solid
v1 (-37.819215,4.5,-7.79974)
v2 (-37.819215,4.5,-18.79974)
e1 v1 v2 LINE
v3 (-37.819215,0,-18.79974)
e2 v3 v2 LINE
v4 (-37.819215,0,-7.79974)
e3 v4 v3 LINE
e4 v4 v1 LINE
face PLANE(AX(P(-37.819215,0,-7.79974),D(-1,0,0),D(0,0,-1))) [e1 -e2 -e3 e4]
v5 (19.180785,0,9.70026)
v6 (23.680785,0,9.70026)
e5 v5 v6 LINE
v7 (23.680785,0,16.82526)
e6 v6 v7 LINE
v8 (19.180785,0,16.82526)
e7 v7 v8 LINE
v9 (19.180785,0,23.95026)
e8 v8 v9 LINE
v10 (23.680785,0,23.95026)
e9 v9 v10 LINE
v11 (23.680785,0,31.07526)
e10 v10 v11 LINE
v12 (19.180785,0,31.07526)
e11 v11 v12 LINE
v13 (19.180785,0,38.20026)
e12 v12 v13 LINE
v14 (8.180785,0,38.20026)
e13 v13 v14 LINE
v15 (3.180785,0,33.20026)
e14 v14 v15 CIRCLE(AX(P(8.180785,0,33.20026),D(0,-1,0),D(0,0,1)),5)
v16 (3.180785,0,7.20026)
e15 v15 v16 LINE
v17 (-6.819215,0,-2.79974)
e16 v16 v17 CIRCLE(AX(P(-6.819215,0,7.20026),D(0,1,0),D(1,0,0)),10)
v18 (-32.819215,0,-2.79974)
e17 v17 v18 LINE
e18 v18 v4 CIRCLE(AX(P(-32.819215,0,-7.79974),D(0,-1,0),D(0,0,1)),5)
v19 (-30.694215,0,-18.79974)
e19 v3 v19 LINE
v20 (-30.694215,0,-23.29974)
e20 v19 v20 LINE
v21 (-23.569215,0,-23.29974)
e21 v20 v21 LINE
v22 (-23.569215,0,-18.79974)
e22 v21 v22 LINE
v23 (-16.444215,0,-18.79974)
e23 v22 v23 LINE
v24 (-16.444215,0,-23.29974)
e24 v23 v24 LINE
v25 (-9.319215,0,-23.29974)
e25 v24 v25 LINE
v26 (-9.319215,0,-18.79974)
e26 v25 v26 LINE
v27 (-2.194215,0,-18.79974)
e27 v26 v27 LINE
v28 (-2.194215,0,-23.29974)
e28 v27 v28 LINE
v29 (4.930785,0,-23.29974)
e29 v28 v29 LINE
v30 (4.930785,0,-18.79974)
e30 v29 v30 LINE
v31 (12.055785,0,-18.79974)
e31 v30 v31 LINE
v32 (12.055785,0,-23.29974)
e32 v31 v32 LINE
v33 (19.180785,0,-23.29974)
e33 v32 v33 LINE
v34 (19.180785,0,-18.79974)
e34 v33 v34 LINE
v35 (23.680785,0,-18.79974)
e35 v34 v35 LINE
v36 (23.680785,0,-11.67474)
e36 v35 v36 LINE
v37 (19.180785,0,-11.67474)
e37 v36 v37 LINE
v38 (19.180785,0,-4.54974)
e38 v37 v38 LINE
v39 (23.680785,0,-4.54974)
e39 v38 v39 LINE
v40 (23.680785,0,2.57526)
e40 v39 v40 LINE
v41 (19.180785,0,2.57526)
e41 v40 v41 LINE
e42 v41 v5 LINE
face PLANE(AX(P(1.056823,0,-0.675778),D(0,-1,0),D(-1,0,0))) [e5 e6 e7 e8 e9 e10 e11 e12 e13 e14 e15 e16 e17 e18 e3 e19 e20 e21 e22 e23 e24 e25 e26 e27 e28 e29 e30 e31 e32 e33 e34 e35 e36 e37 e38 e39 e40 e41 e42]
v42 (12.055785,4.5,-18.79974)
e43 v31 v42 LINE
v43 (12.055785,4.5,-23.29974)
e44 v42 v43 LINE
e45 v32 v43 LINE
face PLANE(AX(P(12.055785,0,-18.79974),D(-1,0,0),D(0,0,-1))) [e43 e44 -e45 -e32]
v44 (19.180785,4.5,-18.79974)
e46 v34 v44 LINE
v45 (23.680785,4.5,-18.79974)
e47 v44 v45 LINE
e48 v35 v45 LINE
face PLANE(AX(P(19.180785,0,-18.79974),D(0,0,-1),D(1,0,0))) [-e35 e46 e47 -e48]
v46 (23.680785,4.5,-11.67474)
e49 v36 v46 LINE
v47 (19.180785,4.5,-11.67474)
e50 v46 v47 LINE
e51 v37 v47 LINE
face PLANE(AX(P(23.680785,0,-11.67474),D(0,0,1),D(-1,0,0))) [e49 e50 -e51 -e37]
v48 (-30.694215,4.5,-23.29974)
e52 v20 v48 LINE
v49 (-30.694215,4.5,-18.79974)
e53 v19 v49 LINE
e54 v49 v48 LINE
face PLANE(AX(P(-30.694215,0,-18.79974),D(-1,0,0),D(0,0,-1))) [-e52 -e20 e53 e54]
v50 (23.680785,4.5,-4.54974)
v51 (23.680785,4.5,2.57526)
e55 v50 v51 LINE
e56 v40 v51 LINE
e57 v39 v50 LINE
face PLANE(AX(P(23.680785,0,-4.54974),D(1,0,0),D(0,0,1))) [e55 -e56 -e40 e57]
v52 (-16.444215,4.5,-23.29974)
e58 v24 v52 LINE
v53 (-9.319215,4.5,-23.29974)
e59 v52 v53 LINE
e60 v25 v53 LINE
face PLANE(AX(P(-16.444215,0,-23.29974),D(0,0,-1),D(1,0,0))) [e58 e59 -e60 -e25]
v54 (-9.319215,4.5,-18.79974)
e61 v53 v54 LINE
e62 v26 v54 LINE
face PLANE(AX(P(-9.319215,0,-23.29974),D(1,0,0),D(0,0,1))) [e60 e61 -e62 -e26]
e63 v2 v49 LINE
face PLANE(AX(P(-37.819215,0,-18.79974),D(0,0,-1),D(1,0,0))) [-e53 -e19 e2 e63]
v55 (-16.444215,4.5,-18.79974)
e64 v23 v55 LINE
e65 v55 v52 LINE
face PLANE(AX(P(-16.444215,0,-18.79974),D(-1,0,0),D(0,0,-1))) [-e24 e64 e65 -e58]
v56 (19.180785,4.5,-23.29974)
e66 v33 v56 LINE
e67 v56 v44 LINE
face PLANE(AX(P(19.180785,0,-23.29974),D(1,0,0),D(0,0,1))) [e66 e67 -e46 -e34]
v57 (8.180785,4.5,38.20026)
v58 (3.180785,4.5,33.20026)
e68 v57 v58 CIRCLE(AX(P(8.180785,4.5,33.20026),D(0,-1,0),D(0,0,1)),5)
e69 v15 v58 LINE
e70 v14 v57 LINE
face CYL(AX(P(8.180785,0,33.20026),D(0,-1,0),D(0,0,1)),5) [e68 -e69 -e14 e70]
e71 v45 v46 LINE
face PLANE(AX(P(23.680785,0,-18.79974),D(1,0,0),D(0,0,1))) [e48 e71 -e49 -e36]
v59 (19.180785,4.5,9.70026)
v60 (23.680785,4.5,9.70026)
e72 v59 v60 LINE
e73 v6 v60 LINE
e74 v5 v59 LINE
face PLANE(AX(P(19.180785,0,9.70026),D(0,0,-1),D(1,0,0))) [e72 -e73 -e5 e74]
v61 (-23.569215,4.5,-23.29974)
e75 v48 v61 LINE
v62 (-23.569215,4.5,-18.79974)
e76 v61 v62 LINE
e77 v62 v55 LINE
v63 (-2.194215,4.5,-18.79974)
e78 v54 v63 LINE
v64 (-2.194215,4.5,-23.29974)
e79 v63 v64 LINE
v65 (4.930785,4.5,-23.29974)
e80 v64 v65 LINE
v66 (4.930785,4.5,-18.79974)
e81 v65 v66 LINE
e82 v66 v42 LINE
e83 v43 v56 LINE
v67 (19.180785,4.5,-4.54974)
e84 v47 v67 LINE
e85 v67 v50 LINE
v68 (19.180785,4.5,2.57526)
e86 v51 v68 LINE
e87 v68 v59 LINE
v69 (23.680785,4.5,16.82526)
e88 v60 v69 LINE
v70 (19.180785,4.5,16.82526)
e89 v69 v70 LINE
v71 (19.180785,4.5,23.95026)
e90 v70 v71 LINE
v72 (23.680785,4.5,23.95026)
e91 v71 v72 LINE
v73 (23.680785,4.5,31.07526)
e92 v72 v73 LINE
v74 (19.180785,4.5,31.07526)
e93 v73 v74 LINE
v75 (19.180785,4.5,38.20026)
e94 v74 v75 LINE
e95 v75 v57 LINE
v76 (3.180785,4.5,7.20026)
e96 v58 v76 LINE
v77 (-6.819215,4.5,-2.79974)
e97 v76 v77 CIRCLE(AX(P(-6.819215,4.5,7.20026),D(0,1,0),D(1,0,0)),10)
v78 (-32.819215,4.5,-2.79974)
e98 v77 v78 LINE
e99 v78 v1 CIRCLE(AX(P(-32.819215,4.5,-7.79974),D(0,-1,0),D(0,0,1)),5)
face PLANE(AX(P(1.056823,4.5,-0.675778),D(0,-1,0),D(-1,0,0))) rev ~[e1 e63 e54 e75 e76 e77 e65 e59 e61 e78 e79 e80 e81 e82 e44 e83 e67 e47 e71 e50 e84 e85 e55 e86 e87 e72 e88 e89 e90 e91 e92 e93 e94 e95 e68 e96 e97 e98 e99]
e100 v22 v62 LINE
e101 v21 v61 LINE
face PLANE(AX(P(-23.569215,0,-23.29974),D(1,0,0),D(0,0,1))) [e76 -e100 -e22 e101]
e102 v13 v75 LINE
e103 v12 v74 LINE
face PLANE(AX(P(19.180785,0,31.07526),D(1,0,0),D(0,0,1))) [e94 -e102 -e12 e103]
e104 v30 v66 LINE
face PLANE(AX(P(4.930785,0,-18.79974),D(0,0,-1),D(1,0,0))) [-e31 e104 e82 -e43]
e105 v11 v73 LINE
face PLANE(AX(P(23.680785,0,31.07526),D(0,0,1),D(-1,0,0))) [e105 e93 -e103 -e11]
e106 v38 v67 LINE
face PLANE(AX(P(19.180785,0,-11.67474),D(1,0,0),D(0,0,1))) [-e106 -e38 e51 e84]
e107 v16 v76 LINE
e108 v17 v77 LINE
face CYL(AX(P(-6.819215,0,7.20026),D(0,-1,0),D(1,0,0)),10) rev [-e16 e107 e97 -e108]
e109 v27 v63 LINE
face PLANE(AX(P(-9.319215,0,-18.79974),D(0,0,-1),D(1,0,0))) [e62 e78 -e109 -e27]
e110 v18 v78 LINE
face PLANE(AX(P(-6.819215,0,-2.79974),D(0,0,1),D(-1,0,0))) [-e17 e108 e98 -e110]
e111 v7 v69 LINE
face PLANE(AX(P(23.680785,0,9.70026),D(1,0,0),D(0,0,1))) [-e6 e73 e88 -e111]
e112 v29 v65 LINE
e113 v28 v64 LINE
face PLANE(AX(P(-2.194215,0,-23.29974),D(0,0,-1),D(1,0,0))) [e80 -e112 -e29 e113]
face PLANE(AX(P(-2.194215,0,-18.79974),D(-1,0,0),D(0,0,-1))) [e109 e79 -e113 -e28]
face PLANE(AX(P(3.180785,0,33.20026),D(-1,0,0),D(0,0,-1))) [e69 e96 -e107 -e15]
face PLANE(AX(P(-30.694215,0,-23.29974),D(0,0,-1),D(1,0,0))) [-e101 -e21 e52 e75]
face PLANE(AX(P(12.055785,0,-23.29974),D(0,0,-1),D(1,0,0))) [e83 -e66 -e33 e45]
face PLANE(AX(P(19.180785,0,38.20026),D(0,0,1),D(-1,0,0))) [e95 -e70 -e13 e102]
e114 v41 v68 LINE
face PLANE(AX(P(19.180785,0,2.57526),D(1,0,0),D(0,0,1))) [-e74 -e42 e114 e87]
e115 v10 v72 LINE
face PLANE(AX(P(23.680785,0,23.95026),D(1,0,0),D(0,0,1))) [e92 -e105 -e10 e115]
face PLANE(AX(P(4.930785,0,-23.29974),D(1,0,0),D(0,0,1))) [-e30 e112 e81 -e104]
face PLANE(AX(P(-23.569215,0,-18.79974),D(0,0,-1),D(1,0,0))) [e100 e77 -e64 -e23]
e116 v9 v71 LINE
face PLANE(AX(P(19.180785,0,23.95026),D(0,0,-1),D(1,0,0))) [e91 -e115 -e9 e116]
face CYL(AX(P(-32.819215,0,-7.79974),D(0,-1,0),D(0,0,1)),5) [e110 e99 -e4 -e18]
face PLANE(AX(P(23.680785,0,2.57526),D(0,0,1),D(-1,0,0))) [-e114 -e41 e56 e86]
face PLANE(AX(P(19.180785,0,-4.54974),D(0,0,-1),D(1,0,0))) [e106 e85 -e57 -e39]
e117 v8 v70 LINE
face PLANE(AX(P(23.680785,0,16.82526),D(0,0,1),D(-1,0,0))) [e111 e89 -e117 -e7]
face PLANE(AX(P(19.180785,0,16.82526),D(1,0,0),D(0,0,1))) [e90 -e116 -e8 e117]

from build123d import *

# Parameters (mm, degrees)
EXTRUDE_1_DEPTH = 4.5


with BuildPart() as part:
    # 草图1 → 凸台-拉伸1 (new body)
    with BuildSketch(Plane(origin=(0, 0, 0), x_dir=(1, 0, 0), z_dir=(0, 1, 0))):
        with BuildLine():
            Line((23.680785271, 18.799740126), (23.680785271, 11.674740126))
            Line((23.680785271, 11.674740126), (19.180785271, 11.674740126))
            Line((19.180785271, 11.674740126), (19.180785271, 4.549740126))
            Line((19.180785271, 4.549740126), (23.680785271, 4.549740126))
            Line((23.680785271, 4.549740126), (23.680785271, -2.575259874))
            Line((23.680785271, -2.575259874), (19.180785271, -2.575259874))
            Line((19.180785271, -2.575259874), (19.180785271, -9.700259874))
            Line((19.180785271, -9.700259874), (23.680785271, -9.700259874))
            Line((23.680785271, -9.700259874), (23.680785271, -16.825259874))
            Line((23.680785271, -16.825259874), (19.180785271, -16.825259874))
            Line((19.180785271, -16.825259874), (19.180785271, -23.950259874))
            Line((19.180785271, -23.950259874), (23.680785271, -23.950259874))
            Line((23.680785271, -23.950259874), (23.680785271, -31.075259874))
            Line((23.680785271, -31.075259874), (19.180785271, -31.075259874))
            Line((19.180785271, -31.075259874), (19.180785271, -38.200259874))
            Line((19.180785271, -38.200259874), (8.180785271, -38.200259874))
            ThreePointArc((8.180785271, -38.200259874), (4.645251365, -36.73579378), (3.180785271, -33.200259874))
            Line((3.180785271, -33.200259874), (3.180785271, -7.200259874))
            ThreePointArc((3.180785271, -7.200259874), (0.251853083, -0.129192062), (-6.819214729, 2.799740126))
            Line((-6.819214729, 2.799740126), (-32.819214729, 2.799740126))
            ThreePointArc((-32.819214729, 2.799740126), (-36.354748635, 4.26420622), (-37.819214729, 7.799740126))
            Line((-37.819214729, 7.799740126), (-37.819214729, 18.799740126))
            Line((-37.819214729, 18.799740126), (-30.694214729, 18.799740126))
            Line((-30.694214729, 18.799740126), (-30.694214729, 23.299740126))
            Line((-30.694214729, 23.299740126), (-23.569214729, 23.299740126))
            Line((-23.569214729, 23.299740126), (-23.569214729, 18.799740126))
            Line((-23.569214729, 18.799740126), (-16.444214729, 18.799740126))
            Line((-16.444214729, 18.799740126), (-16.444214729, 23.299740126))
            Line((-16.444214729, 23.299740126), (-9.319214729, 23.299740126))
            Line((-9.319214729, 23.299740126), (-9.319214729, 18.799740126))
            Line((-9.319214729, 18.799740126), (-2.194214729, 18.799740126))
            Line((-2.194214729, 18.799740126), (-2.194214729, 23.299740126))
            Line((-2.194214729, 23.299740126), (4.930785271, 23.299740126))
            Line((4.930785271, 23.299740126), (4.930785271, 18.799740126))
            Line((4.930785271, 18.799740126), (12.055785271, 18.799740126))
            Line((12.055785271, 18.799740126), (12.055785271, 23.299740126))
            Line((12.055785271, 23.299740126), (19.180785271, 23.299740126))
            Line((19.180785271, 23.299740126), (19.180785271, 18.799740126))
            Line((19.180785271, 18.799740126), (23.680785271, 18.799740126))
        make_face()
    extrude(amount=EXTRUDE_1_DEPTH)


solid = part.part
